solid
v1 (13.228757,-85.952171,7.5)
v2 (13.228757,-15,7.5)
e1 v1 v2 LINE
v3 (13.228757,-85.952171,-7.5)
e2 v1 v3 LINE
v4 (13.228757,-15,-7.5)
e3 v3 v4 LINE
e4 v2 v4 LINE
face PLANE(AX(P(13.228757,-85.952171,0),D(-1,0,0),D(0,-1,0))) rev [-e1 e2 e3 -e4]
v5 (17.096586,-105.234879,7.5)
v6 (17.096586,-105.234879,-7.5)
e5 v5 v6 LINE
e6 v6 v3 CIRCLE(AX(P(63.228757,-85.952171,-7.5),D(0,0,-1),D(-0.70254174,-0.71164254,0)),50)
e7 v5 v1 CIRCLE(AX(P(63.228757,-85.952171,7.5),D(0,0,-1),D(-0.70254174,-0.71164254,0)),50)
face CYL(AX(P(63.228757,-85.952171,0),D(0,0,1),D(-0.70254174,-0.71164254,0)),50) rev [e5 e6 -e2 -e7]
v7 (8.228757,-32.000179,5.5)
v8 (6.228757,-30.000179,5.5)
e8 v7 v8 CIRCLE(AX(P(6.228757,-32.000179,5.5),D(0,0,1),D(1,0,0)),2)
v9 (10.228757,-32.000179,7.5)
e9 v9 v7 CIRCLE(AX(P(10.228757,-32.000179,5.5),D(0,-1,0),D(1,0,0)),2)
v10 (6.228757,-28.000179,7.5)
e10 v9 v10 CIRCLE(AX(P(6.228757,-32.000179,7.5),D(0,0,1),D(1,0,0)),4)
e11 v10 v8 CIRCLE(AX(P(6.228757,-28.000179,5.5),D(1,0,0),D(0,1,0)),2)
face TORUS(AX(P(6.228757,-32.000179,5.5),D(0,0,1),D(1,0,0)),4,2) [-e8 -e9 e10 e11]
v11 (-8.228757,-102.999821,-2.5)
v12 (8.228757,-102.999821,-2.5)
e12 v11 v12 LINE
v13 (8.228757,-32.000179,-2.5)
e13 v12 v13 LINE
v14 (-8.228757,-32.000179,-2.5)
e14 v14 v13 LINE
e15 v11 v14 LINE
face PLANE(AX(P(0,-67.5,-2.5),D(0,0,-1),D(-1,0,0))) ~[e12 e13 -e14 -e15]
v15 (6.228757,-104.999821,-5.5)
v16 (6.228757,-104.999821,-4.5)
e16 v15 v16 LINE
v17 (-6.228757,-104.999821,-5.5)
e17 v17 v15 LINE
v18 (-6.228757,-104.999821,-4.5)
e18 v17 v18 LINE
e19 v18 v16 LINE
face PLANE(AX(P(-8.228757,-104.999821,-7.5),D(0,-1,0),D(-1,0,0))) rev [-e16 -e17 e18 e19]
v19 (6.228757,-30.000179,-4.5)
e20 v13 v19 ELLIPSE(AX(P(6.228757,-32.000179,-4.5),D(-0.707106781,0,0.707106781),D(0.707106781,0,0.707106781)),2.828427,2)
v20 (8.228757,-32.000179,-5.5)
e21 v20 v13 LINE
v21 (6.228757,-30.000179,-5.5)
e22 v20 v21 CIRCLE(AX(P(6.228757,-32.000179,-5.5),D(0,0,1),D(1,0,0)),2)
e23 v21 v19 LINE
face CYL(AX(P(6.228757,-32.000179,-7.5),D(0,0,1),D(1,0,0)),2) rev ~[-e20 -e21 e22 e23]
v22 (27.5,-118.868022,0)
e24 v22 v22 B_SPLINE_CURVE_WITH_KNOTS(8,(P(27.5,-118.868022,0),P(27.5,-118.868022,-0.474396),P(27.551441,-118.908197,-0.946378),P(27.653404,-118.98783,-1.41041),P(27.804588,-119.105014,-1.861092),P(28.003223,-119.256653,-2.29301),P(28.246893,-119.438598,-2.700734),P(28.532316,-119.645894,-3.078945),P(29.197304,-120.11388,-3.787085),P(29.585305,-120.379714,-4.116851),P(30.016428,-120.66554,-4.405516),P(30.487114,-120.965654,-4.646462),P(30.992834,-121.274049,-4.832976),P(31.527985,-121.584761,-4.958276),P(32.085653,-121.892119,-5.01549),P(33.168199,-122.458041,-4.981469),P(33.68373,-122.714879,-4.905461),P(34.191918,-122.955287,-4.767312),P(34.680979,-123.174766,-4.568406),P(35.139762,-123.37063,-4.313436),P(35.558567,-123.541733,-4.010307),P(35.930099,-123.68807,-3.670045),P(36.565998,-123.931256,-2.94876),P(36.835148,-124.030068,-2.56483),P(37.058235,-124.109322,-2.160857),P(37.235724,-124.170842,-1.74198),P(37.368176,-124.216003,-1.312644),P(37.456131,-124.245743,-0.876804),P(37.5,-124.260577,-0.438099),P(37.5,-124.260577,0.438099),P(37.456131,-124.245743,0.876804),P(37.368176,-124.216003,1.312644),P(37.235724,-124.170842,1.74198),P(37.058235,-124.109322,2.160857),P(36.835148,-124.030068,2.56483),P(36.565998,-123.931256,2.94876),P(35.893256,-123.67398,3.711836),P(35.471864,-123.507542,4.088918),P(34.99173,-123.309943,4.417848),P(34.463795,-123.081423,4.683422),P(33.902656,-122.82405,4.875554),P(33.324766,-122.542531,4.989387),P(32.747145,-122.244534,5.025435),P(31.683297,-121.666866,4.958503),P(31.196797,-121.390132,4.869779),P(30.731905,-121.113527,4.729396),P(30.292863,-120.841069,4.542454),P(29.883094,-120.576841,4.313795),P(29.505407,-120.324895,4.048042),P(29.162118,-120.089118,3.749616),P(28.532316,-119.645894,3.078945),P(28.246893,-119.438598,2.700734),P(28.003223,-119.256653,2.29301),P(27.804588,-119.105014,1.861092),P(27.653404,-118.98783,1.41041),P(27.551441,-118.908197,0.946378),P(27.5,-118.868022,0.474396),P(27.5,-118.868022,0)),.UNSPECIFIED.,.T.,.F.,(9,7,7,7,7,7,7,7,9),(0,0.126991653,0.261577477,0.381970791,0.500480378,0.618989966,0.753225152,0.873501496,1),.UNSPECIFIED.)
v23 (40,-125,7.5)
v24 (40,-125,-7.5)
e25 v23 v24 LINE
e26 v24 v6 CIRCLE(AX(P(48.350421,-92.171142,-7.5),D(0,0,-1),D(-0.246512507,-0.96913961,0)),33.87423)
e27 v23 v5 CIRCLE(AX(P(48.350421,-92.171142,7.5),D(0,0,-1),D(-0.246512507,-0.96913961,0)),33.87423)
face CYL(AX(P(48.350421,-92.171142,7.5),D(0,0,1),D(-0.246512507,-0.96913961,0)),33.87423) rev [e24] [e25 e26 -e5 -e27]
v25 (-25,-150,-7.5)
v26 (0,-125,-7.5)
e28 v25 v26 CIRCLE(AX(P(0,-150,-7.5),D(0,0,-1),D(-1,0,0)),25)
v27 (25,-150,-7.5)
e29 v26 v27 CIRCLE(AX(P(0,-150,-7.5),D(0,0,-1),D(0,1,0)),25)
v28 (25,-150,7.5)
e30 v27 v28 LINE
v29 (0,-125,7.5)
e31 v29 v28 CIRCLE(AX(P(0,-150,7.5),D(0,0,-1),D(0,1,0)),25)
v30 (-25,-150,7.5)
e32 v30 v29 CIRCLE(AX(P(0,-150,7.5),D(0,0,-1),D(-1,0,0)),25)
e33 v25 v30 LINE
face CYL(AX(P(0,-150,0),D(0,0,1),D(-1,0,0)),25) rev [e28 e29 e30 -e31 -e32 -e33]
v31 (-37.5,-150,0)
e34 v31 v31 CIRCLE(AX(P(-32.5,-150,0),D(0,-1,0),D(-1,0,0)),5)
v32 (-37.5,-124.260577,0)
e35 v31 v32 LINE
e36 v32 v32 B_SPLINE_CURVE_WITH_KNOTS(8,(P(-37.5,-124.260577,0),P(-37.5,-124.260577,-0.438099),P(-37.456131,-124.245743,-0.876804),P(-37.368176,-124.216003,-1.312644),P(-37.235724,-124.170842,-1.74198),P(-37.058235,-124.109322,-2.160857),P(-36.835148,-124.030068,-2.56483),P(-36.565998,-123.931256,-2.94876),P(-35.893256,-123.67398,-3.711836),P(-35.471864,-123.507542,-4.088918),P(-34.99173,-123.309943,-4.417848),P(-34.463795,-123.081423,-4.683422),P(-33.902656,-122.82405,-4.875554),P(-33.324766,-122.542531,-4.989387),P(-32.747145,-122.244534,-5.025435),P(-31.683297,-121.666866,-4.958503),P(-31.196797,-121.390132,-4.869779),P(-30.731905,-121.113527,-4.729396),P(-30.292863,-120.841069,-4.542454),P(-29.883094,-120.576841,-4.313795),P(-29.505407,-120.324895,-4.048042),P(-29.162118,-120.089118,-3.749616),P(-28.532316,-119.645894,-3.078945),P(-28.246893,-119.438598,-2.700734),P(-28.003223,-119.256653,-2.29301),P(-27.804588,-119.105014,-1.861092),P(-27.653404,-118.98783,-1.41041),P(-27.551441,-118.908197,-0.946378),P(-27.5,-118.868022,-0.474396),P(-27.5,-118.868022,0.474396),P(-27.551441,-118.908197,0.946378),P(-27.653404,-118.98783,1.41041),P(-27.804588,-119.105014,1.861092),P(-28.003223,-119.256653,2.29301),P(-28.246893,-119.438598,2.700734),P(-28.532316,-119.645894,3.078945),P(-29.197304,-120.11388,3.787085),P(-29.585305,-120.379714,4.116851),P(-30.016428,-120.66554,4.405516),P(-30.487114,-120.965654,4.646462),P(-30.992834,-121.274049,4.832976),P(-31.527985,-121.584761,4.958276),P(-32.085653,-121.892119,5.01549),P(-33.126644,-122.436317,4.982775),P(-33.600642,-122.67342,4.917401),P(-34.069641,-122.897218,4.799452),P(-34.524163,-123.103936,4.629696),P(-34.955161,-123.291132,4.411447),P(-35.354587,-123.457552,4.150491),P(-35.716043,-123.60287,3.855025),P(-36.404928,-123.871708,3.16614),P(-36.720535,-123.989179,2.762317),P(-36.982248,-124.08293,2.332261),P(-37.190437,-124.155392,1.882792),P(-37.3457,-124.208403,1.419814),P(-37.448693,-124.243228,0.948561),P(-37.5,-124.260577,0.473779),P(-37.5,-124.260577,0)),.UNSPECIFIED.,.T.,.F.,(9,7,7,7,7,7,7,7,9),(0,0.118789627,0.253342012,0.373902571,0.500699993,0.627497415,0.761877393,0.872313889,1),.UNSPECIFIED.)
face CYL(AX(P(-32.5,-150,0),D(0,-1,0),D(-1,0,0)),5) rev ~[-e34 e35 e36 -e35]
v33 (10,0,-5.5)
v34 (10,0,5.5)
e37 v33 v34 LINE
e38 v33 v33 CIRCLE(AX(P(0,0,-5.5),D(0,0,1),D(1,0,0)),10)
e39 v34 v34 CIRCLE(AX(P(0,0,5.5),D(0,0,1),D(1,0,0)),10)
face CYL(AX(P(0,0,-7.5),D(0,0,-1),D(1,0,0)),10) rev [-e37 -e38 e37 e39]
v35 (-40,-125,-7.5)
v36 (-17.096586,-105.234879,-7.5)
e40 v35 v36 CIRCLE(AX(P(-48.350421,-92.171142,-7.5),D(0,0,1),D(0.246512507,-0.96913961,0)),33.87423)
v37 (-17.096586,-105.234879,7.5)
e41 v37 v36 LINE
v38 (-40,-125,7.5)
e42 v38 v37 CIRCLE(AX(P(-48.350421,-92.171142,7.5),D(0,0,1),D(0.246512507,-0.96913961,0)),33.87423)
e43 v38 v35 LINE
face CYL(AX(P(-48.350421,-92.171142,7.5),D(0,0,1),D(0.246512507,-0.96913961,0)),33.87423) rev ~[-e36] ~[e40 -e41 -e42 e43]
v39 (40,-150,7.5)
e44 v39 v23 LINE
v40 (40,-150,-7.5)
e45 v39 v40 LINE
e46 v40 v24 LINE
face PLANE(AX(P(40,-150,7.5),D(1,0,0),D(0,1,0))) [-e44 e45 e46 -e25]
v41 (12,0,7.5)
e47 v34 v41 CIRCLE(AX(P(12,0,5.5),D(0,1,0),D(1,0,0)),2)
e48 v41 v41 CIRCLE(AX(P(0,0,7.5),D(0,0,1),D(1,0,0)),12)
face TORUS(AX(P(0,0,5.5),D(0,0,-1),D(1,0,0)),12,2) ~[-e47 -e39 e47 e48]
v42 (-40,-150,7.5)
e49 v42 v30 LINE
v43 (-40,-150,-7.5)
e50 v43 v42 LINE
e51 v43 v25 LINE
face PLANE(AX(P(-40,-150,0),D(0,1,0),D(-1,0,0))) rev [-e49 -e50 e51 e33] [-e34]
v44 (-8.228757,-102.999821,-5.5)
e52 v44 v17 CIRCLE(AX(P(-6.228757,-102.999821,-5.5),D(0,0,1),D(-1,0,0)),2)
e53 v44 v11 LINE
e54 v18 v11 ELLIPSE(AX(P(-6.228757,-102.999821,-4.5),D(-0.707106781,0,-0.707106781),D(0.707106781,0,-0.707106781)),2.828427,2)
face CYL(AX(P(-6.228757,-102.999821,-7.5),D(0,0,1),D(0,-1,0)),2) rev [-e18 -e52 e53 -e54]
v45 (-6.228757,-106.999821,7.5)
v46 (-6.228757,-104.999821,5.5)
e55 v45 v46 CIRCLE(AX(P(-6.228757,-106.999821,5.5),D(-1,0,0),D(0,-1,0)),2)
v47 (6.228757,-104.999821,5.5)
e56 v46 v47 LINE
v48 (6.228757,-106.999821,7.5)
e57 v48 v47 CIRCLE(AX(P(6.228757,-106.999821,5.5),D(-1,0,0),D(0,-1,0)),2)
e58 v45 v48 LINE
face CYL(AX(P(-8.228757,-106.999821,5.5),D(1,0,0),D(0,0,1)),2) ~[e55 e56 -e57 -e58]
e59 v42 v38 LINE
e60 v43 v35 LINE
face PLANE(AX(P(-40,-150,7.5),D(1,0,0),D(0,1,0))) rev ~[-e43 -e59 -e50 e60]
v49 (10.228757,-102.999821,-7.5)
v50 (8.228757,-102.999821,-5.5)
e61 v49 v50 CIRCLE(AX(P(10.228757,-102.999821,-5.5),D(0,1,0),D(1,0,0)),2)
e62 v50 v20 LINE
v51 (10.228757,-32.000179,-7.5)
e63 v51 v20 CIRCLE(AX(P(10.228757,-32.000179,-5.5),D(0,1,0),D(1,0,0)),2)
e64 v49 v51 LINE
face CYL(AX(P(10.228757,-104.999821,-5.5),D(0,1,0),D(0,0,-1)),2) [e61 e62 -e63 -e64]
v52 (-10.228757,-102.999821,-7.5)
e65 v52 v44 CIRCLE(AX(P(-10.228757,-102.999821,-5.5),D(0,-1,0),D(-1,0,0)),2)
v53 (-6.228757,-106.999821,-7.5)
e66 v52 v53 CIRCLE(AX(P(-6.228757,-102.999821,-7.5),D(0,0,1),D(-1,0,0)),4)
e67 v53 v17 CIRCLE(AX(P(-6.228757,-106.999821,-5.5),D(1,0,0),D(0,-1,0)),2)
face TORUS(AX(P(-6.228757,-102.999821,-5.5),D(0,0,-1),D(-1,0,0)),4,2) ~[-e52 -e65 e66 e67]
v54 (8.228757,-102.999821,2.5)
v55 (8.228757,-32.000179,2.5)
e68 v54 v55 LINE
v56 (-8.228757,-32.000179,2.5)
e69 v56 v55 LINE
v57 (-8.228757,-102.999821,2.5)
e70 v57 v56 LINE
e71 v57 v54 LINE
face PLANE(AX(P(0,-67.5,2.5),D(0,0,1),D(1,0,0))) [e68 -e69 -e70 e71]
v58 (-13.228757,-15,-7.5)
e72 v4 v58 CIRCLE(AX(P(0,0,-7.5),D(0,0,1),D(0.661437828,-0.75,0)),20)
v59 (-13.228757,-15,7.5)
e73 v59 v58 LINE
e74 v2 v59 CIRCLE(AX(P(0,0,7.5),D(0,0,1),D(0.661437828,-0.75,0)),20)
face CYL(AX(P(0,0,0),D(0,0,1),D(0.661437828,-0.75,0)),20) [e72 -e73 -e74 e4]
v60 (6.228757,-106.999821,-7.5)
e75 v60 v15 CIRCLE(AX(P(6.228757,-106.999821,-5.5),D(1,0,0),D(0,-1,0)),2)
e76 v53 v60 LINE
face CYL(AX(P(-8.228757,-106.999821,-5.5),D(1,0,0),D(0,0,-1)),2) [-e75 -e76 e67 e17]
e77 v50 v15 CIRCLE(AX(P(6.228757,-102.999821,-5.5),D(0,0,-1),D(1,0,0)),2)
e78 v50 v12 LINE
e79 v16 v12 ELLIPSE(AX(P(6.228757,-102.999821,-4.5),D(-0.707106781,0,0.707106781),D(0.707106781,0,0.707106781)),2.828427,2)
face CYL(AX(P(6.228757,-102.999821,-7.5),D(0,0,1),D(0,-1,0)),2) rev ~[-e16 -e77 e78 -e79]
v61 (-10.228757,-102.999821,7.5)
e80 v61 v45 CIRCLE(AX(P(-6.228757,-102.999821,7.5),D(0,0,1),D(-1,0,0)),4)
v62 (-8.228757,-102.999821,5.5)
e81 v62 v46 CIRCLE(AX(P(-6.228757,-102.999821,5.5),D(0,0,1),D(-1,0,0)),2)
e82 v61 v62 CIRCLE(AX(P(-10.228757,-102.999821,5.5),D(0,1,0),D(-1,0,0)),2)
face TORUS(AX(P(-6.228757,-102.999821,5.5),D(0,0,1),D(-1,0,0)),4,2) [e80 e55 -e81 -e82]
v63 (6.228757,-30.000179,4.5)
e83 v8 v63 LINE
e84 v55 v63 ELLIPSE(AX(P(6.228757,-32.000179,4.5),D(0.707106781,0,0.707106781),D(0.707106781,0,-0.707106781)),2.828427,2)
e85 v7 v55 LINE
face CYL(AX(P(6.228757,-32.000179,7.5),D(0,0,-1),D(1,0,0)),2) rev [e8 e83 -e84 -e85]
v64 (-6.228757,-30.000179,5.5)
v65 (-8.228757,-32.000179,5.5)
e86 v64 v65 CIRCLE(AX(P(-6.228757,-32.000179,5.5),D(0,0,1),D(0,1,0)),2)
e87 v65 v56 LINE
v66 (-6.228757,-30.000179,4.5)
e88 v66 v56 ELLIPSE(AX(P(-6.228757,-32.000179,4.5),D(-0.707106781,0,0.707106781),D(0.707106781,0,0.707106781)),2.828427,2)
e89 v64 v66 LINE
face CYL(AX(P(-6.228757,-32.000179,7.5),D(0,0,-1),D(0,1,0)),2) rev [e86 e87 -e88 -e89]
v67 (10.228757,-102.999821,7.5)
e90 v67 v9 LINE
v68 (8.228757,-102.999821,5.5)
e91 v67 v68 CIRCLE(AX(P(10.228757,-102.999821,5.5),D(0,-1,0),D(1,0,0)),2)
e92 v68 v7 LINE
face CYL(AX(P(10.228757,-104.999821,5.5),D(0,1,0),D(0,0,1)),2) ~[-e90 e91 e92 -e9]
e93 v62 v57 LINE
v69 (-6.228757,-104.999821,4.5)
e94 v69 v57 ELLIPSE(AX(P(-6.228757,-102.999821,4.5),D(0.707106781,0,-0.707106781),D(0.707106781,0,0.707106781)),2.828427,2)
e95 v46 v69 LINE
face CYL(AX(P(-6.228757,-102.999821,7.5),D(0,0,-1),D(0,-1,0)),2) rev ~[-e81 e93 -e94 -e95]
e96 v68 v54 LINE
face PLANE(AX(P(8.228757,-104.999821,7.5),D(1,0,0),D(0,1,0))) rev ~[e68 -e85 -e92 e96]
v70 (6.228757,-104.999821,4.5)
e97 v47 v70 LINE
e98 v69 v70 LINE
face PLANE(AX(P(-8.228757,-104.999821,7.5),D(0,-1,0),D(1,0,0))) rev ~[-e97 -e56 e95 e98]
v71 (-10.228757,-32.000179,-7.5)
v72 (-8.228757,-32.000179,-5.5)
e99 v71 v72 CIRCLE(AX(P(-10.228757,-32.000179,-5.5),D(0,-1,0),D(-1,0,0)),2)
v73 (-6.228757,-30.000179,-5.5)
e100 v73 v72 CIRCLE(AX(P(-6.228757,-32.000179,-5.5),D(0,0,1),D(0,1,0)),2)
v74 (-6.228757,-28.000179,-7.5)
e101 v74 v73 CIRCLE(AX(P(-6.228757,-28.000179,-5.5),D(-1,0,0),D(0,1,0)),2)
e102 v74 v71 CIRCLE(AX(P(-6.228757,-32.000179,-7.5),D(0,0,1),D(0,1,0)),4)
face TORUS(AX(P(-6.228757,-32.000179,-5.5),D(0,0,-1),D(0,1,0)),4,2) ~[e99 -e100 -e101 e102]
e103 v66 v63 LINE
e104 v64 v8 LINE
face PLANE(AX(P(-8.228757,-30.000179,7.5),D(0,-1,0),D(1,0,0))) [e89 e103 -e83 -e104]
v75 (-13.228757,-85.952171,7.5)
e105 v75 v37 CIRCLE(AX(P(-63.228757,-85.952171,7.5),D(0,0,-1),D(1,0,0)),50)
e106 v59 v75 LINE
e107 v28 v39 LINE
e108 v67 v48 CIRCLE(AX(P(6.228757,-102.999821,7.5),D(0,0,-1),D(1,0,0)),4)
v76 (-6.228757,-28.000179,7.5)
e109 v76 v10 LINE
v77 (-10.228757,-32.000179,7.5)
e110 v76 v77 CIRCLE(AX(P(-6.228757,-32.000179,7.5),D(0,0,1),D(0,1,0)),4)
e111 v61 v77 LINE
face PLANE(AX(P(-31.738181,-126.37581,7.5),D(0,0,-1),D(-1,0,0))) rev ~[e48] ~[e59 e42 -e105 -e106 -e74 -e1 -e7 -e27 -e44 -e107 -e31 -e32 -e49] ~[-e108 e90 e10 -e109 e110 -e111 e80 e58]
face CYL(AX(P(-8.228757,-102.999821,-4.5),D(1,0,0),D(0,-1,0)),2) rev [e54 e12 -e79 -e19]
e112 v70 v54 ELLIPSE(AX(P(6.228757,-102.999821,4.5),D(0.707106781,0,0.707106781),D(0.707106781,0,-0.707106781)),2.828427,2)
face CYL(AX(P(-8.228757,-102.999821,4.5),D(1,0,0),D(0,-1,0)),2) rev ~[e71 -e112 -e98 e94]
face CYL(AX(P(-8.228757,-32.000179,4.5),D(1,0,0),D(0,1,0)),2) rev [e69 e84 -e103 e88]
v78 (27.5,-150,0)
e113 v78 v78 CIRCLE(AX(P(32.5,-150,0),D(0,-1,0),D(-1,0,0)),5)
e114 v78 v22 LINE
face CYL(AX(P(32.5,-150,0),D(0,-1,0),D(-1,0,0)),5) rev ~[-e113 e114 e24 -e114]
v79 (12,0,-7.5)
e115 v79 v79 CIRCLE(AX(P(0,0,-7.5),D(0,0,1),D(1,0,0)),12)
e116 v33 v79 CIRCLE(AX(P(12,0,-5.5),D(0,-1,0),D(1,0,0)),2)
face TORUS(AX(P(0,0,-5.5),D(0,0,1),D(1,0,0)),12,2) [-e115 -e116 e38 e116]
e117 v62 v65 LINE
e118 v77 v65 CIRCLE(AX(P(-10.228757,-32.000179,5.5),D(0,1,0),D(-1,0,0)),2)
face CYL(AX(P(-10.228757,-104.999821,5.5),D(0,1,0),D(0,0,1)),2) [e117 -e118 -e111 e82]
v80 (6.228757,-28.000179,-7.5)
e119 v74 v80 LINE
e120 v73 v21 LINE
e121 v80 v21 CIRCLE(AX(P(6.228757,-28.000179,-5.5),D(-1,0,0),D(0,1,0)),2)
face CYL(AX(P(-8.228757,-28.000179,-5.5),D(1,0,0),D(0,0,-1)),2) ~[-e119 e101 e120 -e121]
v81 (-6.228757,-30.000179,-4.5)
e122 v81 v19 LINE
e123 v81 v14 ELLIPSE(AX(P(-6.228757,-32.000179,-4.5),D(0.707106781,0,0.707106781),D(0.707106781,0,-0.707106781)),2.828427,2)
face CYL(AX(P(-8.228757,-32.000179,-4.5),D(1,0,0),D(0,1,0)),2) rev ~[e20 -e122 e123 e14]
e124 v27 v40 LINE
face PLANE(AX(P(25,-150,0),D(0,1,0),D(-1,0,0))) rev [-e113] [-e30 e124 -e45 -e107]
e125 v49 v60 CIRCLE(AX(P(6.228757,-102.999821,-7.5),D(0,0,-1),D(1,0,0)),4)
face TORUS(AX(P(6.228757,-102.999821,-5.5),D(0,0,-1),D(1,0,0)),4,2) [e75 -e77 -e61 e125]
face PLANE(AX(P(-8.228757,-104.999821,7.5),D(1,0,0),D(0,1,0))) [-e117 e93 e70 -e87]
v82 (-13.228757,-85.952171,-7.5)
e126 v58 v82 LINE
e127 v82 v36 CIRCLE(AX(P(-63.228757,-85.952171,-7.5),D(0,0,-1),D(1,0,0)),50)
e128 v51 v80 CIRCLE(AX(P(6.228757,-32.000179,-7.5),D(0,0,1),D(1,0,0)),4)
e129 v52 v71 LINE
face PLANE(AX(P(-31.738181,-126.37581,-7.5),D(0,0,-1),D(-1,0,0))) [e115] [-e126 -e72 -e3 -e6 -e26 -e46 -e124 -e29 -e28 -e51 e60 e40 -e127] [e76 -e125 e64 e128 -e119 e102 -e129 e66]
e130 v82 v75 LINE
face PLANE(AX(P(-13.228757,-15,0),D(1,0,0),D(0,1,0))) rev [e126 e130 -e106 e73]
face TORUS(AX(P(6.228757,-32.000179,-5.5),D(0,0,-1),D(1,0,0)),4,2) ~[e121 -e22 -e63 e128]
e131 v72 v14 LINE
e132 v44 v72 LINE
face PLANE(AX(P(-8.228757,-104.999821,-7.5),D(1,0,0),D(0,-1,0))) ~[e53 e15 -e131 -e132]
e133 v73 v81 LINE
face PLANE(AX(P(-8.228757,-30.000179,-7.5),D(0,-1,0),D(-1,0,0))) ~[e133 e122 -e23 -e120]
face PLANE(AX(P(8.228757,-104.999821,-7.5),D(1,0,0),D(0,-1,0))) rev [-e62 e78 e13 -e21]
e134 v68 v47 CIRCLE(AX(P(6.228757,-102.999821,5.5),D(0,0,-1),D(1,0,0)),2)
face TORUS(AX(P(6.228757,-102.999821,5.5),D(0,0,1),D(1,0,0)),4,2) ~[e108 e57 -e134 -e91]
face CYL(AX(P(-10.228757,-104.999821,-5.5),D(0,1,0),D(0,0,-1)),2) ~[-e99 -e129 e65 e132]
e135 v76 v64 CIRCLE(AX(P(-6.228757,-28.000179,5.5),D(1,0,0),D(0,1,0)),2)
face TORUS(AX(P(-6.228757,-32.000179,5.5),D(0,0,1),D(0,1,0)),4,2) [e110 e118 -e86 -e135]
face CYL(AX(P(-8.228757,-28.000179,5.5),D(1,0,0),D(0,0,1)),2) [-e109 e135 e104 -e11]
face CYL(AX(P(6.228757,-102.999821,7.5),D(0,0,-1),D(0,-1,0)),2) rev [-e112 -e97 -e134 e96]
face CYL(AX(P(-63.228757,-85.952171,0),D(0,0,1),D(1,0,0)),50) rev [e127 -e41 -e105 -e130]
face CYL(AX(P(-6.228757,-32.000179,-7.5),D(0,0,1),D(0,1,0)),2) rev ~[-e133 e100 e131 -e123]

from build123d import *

# Parameters (mm, degrees)
BOSS_EXTRUDE1_DEPTH = 7.5
SKETCH2_R           = 10
CUT_EXTRUDE1_DEPTH  = 8.5
SKETCH3_W           = 16.45751311
SKETCH3_H           = 74.99964242
CUT_EXTRUDE2_DEPTH  = 5
FILLET2_R           = 2
FILLET3_R           = 2
FILLET4_R           = 2
BOSS_EXTRUDE2_DEPTH = 15
SKETCH8_R           = 5
CUT_EXTRUDE3_DEPTH  = 171


with BuildPart() as part:
    # Sketch1 → Boss-Extrude1 (new body)
    with BuildSketch(Plane.XY):
        with BuildLine():
            Line((-13.228756555, -15), (-13.228756555, -85.952171431))
            ThreePointArc((-13.228756555, -85.952171431), (-17.096585846, -105.234879374), (-28.10166958, -121.534298414))
            ThreePointArc((-28.10166958, -121.534298414), (-36.905736568, -134.573833645), (-40, -150))
            Line((-40, -150), (-25, -150))
            ThreePointArc((-25, -150), (-17.67766953, -132.32233047), (0, -125))
            ThreePointArc((0, -125), (17.67766953, -132.32233047), (25, -150))
            Line((25, -150), (40, -150))
            ThreePointArc((40, -150), (36.905736568, -134.573833645), (28.10166958, -121.534298414))
            ThreePointArc((28.10166958, -121.534298414), (17.096585846, -105.234879374), (13.228756555, -85.952171431))
            Line((13.228756555, -85.952171431), (13.228756555, -15))
            ThreePointArc((13.228756555, -15), (0, 20), (-13.228756555, -15))
        make_face()
    extrude(amount=BOSS_EXTRUDE1_DEPTH)

    # Sketch2 → Cut-Extrude1 (cut, through all)
    with BuildSketch(Plane.XY.offset(7.5)):
        Circle(SKETCH2_R)
    extrude(amount=-CUT_EXTRUDE1_DEPTH, mode=Mode.SUBTRACT)

    # Sketch3 → Cut-Extrude2 (cut)
    with BuildSketch(Plane.XY.offset(7.5)):
        with Locations((0, -67.5)):
            Rectangle(SKETCH3_W, SKETCH3_H)
    extrude(amount=-CUT_EXTRUDE2_DEPTH, mode=Mode.SUBTRACT)

    # Fillet2
    fillet2_edges = [part.edges().sort_by_distance(p)[0] for p in [
        (8.228756555, -30.00017879, 5),
        (0, -104.99982121, 2.5),
        (8.228756555, -104.99982121, 5),
        (-8.228756555, -104.99982121, 5),
        (0, -30.00017879, 2.5),
        (-8.228756555, -30.00017879, 5),
        (8.228756555, -67.5, 7.5),
        (0, -30.00017879, 7.5),
        (-8.228756555, -67.5, 7.5),
        (0, -104.99982121, 7.5),
    ]]
    fillet(fillet2_edges, radius=FILLET2_R)

    # Mirror1: part across plane


with BuildPart() as part_1:
    add(part.part)
    add(part.part.mirror(Plane(origin=(-63.228756555, -85.952171431, 0), x_dir=(1, 0, 0), z_dir=(0, 0, 1))))

    # Fillet3
    fillet3_edges = [part_1.edges().sort_by_distance(p)[0] for p in [
        (-10, 0, 7.5),
    ]]
    fillet(fillet3_edges, radius=FILLET3_R)

    # Fillet4
    fillet4_edges = [part_1.edges().sort_by_distance(p)[0] for p in [
        (-10, 0, -7.5),
    ]]
    fillet(fillet4_edges, radius=FILLET4_R)

    # Sketch7 → Boss-Extrude2 (add)
    with BuildSketch(Plane.XY.offset(7.5)):
        with BuildLine():
            Line((-40, -150), (-40, -125))
            ThreePointArc((-40, -125), (-26.219237737, -117.816300802), (-17.096585846, -105.234879374))
            ThreePointArc((-17.096585846, -105.234879374), (-21.789831556, -113.931011558), (-28.10166958, -121.534298414))
            ThreePointArc((-28.10166958, -121.534298414), (-36.905736568, -134.573833645), (-40, -150))
        make_face()
        with BuildLine():
            Line((40, -150), (40, -125))
            ThreePointArc((40, -125), (26.219237737, -117.816300802), (17.096585846, -105.234879374))
            ThreePointArc((17.096585846, -105.234879374), (21.789831556, -113.931011558), (28.10166958, -121.534298414))
            ThreePointArc((28.10166958, -121.534298414), (36.905736568, -134.573833645), (40, -150))
        make_face()
    extrude(amount=-BOSS_EXTRUDE2_DEPTH)

    # Sketch8 → Cut-Extrude3 (cut, through all)
    with BuildSketch(Plane(origin=(0, -150, 0), x_dir=(-1, 0, 0), z_dir=(0, -1, 0))):
        with Locations((32.5, 0)):
            Circle(SKETCH8_R)
        with Locations((-32.5, 0)):
            Circle(SKETCH8_R)
    extrude(amount=-CUT_EXTRUDE3_DEPTH, mode=Mode.SUBTRACT)


solid = part_1.part
